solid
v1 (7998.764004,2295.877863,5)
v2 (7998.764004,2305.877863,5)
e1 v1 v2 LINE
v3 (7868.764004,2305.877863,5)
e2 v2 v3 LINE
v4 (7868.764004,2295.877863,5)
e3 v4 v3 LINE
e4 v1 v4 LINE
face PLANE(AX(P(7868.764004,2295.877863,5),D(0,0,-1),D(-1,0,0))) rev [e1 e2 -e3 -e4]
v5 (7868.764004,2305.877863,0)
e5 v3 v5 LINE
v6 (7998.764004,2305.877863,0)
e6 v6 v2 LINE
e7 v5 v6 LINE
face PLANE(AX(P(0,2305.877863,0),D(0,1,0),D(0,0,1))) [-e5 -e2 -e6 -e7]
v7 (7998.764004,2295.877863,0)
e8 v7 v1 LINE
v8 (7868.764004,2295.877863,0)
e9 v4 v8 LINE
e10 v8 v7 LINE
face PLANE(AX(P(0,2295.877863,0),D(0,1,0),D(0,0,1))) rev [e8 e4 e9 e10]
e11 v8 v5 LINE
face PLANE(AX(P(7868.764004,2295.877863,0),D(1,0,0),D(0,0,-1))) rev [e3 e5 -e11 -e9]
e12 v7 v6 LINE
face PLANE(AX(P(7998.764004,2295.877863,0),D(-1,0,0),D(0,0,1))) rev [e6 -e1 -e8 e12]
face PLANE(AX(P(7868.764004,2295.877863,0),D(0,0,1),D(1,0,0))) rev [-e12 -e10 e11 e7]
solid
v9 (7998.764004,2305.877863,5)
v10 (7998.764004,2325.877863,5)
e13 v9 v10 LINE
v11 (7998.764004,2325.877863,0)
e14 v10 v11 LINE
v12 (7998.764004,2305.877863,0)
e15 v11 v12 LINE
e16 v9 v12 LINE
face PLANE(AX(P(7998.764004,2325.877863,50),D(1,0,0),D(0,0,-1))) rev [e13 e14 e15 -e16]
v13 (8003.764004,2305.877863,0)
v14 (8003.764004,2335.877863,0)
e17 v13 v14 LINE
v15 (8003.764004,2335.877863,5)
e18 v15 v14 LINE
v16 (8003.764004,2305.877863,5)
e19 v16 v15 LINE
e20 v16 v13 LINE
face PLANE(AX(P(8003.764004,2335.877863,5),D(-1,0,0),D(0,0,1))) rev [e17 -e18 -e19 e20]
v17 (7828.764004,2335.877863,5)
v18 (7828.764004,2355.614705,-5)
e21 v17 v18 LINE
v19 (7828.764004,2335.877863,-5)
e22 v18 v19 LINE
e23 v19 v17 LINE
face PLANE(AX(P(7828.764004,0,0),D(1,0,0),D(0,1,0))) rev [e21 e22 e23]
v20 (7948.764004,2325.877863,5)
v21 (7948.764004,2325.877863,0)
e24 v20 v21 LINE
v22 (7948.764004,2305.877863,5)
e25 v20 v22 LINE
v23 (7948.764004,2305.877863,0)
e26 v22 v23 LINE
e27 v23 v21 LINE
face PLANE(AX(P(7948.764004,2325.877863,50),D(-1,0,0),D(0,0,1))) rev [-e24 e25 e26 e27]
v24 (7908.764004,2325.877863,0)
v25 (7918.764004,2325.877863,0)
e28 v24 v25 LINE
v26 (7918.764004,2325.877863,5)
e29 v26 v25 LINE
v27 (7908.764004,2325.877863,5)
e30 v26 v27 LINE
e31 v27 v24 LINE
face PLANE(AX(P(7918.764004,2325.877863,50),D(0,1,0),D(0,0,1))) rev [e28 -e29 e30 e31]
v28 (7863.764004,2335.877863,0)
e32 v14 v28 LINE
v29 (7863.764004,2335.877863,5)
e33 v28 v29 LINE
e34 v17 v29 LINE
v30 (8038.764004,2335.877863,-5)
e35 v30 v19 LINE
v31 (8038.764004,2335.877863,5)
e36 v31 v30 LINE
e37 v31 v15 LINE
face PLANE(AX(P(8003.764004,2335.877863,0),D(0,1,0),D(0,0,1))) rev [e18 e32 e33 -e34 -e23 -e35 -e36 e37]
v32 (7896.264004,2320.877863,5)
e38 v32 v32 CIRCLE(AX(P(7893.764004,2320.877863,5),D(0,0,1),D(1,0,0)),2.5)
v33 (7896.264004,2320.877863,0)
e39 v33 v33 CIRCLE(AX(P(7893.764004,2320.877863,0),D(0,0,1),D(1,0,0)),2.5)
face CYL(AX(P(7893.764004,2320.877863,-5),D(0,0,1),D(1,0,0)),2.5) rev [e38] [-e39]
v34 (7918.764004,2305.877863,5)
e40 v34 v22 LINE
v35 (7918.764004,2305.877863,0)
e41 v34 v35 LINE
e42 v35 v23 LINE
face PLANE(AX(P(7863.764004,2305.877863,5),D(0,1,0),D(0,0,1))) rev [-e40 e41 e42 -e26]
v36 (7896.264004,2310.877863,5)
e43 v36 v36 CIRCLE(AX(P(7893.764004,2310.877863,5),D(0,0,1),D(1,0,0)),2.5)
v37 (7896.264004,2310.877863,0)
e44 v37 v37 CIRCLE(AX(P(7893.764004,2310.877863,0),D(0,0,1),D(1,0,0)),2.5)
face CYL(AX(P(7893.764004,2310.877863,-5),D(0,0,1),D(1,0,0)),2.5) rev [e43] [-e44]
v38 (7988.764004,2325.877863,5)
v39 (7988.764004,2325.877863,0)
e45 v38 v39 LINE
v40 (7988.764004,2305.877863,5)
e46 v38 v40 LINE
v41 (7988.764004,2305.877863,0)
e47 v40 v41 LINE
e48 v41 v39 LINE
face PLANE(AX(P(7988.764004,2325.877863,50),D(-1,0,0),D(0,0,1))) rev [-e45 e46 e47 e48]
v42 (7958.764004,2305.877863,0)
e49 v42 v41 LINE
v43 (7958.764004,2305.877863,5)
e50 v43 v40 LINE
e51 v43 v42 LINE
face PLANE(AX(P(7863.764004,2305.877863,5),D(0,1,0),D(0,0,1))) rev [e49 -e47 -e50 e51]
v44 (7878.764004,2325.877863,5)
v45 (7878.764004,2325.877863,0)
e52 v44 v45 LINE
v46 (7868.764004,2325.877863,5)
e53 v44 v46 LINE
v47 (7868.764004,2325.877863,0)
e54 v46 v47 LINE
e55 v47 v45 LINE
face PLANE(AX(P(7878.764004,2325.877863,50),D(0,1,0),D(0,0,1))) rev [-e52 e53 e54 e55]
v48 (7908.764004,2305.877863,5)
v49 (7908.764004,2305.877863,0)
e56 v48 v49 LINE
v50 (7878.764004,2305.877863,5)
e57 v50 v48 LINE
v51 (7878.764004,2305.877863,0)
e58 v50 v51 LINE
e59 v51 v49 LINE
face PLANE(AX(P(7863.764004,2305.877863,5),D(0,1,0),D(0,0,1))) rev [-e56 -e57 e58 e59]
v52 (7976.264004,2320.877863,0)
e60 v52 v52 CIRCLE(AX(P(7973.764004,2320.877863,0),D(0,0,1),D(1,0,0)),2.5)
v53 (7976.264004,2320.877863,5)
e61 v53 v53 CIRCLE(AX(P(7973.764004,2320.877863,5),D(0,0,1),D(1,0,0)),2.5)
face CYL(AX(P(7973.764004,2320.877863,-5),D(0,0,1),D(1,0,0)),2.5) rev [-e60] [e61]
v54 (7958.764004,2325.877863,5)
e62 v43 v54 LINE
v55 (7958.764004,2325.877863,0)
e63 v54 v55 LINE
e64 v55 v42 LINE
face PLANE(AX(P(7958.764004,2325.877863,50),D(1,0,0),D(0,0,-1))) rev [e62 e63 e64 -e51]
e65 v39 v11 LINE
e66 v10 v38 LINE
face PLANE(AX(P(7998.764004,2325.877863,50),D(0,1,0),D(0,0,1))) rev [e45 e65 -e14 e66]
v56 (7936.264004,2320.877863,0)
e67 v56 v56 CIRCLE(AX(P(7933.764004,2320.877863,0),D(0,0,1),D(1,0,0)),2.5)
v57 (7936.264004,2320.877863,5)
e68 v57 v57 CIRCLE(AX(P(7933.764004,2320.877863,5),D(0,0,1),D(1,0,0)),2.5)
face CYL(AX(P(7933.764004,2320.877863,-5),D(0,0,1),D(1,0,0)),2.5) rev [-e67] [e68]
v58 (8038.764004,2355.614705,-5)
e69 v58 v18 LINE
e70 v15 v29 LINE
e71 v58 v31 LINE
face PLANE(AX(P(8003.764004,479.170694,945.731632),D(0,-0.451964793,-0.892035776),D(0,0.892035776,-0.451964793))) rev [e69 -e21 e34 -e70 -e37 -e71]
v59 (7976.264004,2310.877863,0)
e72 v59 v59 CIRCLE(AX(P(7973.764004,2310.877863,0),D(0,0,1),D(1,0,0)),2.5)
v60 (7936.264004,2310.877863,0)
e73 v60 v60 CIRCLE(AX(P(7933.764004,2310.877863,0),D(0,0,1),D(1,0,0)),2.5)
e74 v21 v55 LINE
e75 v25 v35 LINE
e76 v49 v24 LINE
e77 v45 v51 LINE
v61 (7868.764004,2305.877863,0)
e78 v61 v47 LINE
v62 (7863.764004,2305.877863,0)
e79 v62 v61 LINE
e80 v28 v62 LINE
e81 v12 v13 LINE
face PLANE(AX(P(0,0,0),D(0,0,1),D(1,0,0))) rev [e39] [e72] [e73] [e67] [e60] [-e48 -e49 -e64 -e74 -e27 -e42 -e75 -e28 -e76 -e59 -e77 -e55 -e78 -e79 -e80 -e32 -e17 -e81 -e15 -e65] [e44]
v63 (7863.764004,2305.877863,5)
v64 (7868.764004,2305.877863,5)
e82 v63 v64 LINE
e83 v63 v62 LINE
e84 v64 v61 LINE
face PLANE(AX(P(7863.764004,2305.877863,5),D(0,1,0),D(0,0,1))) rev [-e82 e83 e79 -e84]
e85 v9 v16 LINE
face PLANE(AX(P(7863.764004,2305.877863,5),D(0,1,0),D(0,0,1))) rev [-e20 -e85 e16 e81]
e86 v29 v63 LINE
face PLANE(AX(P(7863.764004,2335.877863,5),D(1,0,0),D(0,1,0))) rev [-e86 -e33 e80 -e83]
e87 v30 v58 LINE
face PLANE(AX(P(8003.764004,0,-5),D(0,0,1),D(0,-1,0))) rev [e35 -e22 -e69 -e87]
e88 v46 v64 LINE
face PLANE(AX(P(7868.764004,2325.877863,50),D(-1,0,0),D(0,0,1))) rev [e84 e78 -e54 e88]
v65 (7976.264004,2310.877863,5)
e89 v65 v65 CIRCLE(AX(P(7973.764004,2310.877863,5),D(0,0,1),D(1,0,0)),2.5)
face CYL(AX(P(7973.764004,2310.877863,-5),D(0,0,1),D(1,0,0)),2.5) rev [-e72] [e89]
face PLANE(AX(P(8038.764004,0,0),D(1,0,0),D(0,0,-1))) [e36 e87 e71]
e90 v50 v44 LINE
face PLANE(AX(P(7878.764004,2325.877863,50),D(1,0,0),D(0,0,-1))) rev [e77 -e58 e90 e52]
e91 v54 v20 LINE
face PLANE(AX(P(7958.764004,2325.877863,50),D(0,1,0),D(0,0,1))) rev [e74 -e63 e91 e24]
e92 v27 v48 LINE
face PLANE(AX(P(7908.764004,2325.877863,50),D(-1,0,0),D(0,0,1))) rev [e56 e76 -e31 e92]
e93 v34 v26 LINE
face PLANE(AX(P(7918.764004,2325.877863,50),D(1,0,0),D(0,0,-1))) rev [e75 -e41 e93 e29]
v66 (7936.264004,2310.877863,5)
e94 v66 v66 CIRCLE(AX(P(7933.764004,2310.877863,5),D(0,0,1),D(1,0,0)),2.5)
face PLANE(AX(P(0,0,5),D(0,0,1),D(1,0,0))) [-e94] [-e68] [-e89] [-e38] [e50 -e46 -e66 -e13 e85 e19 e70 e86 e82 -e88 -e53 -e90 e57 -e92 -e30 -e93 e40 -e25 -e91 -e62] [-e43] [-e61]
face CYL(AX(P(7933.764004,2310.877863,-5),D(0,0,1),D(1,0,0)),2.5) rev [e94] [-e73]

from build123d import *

# Parameters (mm, degrees)
SKETCH_1_W          = 140
SKETCH_1_H          = 30
EXTRUDE_1_DEPTH     = 5
SKETCH_2_W          = 10
SKETCH_2_H          = 20
CUT_EXTRUDE_1_DEPTH = 50
EXTRUDE_2_DEPTH     = 140
EXTRUDE_3_DEPTH     = 35
EXTRUDE_4_DEPTH     = 35
SKETCH_6_W          = 130
SKETCH_6_H          = 5
EXTRUDE_7_DEPTH     = 10
SKETCH_8_R          = 2.5
CUT_EXTRUDE_2_DEPTH = 10


with BuildPart() as part:
    # 스케치1 → 보스-돌출1 (new body)
    with BuildSketch(Plane.XY):
        with Locations((7933.764003989, 2320.877862595)):
            Rectangle(SKETCH_1_W, SKETCH_1_H)
    extrude(amount=EXTRUDE_1_DEPTH)

    # 스케치2 → 컷-돌출1 (cut)
    with BuildSketch(Plane(origin=(0, 0, 0), x_dir=(-1, 0, 0), z_dir=(0, 0, -1))):
        with Locations((-7993.764003989, 2315.877862595)):
            Rectangle(SKETCH_2_W, SKETCH_2_H)
        with Locations((-7953.764003989, 2315.877862595)):
            Rectangle(SKETCH_2_W, SKETCH_2_H)
        with Locations((-7913.764003989, 2315.877862595)):
            Rectangle(SKETCH_2_W, SKETCH_2_H)
        with Locations((-7873.764003989, 2315.877862595)):
            Rectangle(SKETCH_2_W, SKETCH_2_H)
    extrude(amount=-CUT_EXTRUDE_1_DEPTH, mode=Mode.SUBTRACT)

    # 스케치3 → 보스-돌출2 (add)
    with BuildSketch(Plane.ZY.offset(-7863.764003989)):
        Polygon((-5, 2335.877862595), (0, 2335.877862595), (5, 2335.877862595), (-5, 2355.6147047), align=None)
    extrude(amount=-EXTRUDE_2_DEPTH)

    # 스케치4 → 보스-돌출3 (add)
    with BuildSketch(Plane(origin=(8003.764003989, 0, 0), x_dir=(0, 0, -1), z_dir=(1, 0, 0))):
        Polygon((-5, 2335.877862595), (5, 2335.877862595), (5, 2355.614704701), align=None)
    extrude(amount=EXTRUDE_3_DEPTH)

    # 스케치5 → 보스-돌출4 (add)
    with BuildSketch(Plane.ZY.offset(-7863.764003989)):
        Polygon((5, 2335.877862595), (-5, 2335.877862595), (-5, 2355.6147047), align=None)
    extrude(amount=EXTRUDE_4_DEPTH)

    # 스케치8 → 컷-돌출2 (cut)
    with BuildSketch(Plane.XY.offset(5)):
        with BuildLine():
            ThreePointArc((7896.264003989, 2320.877862595), (7895.531770942, 2322.645629548), (7893.764003989, 2323.377862595))
            Line((7893.764003989, 2323.377862595), (7893.764003989, 2318.377862595))
            ThreePointArc((7893.764003989, 2318.377862595), (7895.531770942, 2319.110095642), (7896.264003989, 2320.877862595))
        make_face()
        with BuildLine():
            Line((7893.764003989, 2318.377862595), (7893.764003989, 2323.377862595))
            ThreePointArc((7893.764003989, 2323.377862595), (7891.264003989, 2320.877862595), (7893.764003989, 2318.377862595))
        make_face()
        with BuildLine():
            ThreePointArc((7896.264003989, 2310.877862595), (7895.531770942, 2312.645629548), (7893.764003989, 2313.377862595))
            Line((7893.764003989, 2313.377862595), (7893.764003989, 2308.377862595))
            ThreePointArc((7893.764003989, 2308.377862595), (7895.531770942, 2309.110095642), (7896.264003989, 2310.877862595))
        make_face()
        with BuildLine():
            Line((7893.764003989, 2308.377862595), (7893.764003989, 2313.377862595))
            ThreePointArc((7893.764003989, 2313.377862595), (7891.264003989, 2310.877862595), (7893.764003989, 2308.377862595))
        make_face()
        with BuildLine():
            ThreePointArc((7936.264003989, 2320.877862595), (7935.531770942, 2322.645629548), (7933.764003989, 2323.377862595))
            Line((7933.764003989, 2323.377862595), (7933.764003989, 2318.377862595))
            ThreePointArc((7933.764003989, 2318.377862595), (7935.531770942, 2319.110095642), (7936.264003989, 2320.877862595))
        make_face()
        with BuildLine():
            Line((7933.764003989, 2318.377862595), (7933.764003989, 2323.377862595))
            ThreePointArc((7933.764003989, 2323.377862595), (7931.264003989, 2320.877862595), (7933.764003989, 2318.377862595))
        make_face()
        with BuildLine():
            ThreePointArc((7933.764003989, 2313.377862595), (7931.264003989, 2310.877862595), (7933.764003989, 2308.377862595))
            Line((7933.764003989, 2308.377862595), (7933.764003989, 2313.377862595))
        make_face()
        with BuildLine():
            Line((7933.764003989, 2313.377862595), (7933.764003989, 2308.377862595))
            ThreePointArc((7933.764003989, 2308.377862595), (7935.531770942, 2309.110095642), (7936.264003989, 2310.877862595))
            ThreePointArc((7936.264003989, 2310.877862595), (7935.531770942, 2312.645629548), (7933.764003989, 2313.377862595))
        make_face()
        with BuildLine():
            ThreePointArc((7976.264003989, 2320.877862595), (7975.531770942, 2322.645629548), (7973.764003989, 2323.377862595))
            Line((7973.764003989, 2323.377862595), (7973.764003989, 2318.377862595))
            ThreePointArc((7973.764003989, 2318.377862595), (7975.531770942, 2319.110095642), (7976.264003989, 2320.877862595))
        make_face()
        with BuildLine():
            Line((7973.764003989, 2318.377862595), (7973.764003989, 2323.377862595))
            ThreePointArc((7973.764003989, 2323.377862595), (7971.264003989, 2320.877862595), (7973.764003989, 2318.377862595))
        make_face()
        with Locations((7973.764003989, 2310.877862595)):
            Circle(SKETCH_8_R)
    extrude(amount=-CUT_EXTRUDE_2_DEPTH, mode=Mode.SUBTRACT)


with BuildPart() as body_2:
    # 스케치6 → 보스-돌출7 (new body)
    with BuildSketch(Plane.XZ.offset(-2305.877862595)):
        with Locations((7933.764003989, 2.5)):
            Rectangle(SKETCH_6_W, SKETCH_6_H)
    extrude(amount=EXTRUDE_7_DEPTH)


solid = Compound([part.part, body_2.part])
